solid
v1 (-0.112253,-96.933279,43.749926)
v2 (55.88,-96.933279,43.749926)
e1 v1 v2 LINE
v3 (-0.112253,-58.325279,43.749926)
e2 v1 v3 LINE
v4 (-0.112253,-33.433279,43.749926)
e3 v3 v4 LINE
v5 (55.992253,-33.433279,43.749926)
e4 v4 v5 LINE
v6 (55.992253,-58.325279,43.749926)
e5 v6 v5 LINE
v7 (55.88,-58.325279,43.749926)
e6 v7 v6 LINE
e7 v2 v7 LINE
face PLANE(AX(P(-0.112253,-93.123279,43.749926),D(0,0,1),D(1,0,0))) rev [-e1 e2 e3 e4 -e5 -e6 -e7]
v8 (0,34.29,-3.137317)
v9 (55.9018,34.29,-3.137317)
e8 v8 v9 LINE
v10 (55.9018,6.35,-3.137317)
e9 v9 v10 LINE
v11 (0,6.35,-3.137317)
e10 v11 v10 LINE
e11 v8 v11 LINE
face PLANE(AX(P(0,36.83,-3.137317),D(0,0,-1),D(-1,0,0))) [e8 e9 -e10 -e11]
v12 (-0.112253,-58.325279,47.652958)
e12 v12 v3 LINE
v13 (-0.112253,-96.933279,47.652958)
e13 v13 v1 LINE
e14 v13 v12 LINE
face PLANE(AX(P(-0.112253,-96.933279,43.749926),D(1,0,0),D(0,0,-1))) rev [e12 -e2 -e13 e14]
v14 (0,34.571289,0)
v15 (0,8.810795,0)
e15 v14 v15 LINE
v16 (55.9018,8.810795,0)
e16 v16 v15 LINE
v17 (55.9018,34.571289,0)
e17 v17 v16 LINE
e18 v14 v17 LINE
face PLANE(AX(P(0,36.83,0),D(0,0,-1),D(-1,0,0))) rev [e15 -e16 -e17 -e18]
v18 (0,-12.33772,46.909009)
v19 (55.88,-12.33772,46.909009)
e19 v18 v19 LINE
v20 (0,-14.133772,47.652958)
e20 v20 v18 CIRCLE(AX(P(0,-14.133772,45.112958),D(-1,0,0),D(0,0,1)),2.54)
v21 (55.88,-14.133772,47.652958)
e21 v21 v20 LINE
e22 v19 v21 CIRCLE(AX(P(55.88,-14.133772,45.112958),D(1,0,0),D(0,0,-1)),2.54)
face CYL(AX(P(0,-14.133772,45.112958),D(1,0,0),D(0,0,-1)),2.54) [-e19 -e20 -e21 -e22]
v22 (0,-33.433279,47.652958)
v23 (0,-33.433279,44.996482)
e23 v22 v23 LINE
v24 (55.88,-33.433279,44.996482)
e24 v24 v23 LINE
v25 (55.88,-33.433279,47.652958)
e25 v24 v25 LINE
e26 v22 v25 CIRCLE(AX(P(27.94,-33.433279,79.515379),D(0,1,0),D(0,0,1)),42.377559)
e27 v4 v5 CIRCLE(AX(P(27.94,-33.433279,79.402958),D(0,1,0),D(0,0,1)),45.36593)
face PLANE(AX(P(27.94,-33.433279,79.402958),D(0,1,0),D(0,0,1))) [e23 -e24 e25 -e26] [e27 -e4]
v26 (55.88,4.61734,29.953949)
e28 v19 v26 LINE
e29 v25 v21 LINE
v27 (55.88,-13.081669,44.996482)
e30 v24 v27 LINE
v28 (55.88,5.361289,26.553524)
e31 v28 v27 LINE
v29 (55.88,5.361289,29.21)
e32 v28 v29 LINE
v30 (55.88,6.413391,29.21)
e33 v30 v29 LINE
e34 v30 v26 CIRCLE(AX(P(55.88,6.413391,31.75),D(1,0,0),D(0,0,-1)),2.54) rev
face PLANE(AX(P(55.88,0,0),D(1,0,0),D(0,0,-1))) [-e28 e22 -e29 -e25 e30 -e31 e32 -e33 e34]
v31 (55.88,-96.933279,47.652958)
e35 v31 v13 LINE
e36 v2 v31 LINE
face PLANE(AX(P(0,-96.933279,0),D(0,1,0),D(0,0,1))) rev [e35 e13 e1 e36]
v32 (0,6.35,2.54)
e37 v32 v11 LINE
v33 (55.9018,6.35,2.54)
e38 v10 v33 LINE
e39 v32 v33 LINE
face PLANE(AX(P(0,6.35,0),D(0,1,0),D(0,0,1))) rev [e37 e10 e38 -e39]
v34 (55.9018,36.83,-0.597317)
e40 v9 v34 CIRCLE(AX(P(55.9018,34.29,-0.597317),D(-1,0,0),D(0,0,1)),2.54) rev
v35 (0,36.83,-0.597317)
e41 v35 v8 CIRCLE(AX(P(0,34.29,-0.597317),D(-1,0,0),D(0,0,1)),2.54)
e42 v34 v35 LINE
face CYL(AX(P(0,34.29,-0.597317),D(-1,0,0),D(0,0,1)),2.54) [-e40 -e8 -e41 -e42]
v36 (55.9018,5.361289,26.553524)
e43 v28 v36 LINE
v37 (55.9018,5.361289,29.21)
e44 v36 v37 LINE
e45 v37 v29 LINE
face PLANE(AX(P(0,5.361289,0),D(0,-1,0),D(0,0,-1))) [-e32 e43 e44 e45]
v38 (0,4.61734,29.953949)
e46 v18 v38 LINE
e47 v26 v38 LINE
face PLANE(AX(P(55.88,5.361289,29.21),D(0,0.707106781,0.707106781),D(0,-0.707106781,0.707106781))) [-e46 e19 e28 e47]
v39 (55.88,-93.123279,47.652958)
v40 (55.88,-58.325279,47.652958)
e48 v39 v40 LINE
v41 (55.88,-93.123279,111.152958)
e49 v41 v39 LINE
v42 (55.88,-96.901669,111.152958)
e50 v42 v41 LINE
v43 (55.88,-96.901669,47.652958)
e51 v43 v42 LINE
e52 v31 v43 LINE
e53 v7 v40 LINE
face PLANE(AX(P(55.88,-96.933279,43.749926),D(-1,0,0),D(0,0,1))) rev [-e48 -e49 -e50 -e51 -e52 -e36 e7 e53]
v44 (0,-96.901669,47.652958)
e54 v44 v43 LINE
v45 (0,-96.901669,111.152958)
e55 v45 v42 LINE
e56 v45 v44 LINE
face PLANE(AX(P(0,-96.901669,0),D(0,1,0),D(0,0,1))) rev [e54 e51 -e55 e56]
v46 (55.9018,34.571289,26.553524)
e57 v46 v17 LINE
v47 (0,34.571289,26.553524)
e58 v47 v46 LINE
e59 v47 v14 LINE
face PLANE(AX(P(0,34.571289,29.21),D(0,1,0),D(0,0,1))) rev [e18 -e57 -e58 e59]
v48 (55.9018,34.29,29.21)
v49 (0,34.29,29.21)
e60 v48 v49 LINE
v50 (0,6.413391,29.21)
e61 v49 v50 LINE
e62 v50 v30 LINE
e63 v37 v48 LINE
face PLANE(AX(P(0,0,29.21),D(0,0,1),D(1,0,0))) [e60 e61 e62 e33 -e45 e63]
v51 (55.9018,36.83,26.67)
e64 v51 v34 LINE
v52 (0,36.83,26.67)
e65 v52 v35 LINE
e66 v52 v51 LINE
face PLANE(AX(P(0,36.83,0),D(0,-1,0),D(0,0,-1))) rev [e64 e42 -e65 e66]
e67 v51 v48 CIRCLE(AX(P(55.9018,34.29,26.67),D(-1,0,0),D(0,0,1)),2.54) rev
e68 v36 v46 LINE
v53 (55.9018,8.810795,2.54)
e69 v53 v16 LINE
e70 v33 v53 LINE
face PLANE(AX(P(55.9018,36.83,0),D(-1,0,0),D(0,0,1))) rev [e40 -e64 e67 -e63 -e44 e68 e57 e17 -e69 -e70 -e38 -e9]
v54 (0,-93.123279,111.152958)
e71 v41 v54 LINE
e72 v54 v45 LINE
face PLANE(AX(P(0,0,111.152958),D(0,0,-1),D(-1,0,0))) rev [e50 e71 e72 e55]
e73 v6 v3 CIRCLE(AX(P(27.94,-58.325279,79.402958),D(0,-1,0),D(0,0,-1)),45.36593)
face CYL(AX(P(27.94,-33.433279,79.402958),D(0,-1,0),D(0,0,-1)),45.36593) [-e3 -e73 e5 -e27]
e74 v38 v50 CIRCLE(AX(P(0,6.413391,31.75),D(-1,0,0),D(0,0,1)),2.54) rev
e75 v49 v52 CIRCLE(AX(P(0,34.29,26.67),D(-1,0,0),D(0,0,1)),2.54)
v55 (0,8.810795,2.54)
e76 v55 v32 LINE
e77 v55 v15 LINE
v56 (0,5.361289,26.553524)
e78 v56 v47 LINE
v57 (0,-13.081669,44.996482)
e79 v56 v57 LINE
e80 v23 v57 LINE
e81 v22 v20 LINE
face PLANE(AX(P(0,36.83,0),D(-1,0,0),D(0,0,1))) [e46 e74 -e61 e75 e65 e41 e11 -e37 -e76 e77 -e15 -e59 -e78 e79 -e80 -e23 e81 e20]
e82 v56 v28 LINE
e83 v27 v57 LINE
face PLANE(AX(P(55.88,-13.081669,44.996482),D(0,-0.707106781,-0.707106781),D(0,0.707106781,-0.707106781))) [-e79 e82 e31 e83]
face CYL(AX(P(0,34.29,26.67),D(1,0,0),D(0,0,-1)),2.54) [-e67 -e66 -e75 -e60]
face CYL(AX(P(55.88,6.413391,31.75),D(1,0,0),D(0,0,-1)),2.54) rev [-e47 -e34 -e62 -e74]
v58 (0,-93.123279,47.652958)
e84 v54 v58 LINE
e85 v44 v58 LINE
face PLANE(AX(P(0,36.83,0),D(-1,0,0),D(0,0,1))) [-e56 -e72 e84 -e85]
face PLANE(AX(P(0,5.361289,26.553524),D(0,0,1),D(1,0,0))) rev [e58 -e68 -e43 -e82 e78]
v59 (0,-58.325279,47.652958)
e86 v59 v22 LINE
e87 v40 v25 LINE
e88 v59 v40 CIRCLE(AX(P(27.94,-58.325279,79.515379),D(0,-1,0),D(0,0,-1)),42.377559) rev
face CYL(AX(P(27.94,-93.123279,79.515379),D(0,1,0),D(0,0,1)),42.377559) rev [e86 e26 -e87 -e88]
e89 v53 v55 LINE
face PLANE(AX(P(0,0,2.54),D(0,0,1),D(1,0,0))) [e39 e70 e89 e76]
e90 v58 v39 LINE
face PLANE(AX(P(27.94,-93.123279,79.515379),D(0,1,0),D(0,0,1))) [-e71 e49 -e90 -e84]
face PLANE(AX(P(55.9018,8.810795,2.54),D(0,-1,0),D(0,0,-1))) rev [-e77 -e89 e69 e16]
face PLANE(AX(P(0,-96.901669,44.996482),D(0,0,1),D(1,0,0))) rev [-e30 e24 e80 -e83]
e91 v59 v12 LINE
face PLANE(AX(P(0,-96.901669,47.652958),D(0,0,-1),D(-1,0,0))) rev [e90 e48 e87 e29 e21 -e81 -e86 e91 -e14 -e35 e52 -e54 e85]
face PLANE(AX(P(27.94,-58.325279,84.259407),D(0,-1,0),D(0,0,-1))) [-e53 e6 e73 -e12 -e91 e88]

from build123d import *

# Parameters (mm, degrees)
SKETCH2_W            = 55.901800272
SKETCH2_H            = 3.137316852
BOSS_EXTRUDE1_DEPTH  = 36.83
SKETCH3_W            = 55.901800272
SKETCH3_H            = 2.258710987
BOSS_EXTRUDE2_DEPTH  = 29.21
SKETCH4_W            = 55.901800272
SKETCH4_H            = 2.656475696
BOSS_EXTRUDE3_DEPTH  = 29.21
BOSS_EXTRUDE4_DEPTH  = 55.88
SKETCH7_W            = 55.88
SKETCH7_H            = 2.656475696
BOSS_EXTRUDE5_DEPTH  = 83.82
SKETCH8_W            = 55.88
SKETCH8_H            = 3.77839036
BOSS_EXTRUDE6_DEPTH  = 63.5
SKETCH18_W           = 55.901800272
SKETCH18_H           = 2.413327827
BOSS_EXTRUDE9_DEPTH  = 3.81
SKETCH20_R           = 45.365929921
BOSS_EXTRUDE10_DEPTH = 59.69
CUT_EXTRUDE2_DEPTH   = 59.69
CUT_EXTRUDE4_DEPTH   = 59.69
SKETCH23_R           = 50.619817538
CUT_EXTRUDE5_DEPTH   = 34.798
SKETCH24_W           = 55.992252849
SKETCH24_H           = 3.903032237
BOSS_EXTRUDE11_DEPTH = 38.608
SKETCH25_W           = 55.901800272
SKETCH25_H           = 6.947316852
CUT_EXTRUDE6_DEPTH   = 6.35
SKETCH26_W           = 55.901800272
SKETCH26_H           = 2.460794709
BOSS_EXTRUDE12_DEPTH = 2.54
FILLET2_R            = 2.54
FILLET4_R            = 2.54
FILLET5_R            = 2.54


with BuildPart() as part:
    # Sketch2 → Boss-Extrude1 (new body)
    with BuildSketch(Plane(origin=(0, 0, 0), x_dir=(1, 0, 0), z_dir=(0, 1, 0))):
        with Locations((27.950900136, 1.568658426)):
            Rectangle(SKETCH2_W, SKETCH2_H)
    extrude(amount=BOSS_EXTRUDE1_DEPTH)

    # Sketch3 → Boss-Extrude2 (add)
    with BuildSketch(Plane.XY):
        with Locations((27.950900136, 35.700644507)):
            Rectangle(SKETCH3_W, SKETCH3_H)
    extrude(amount=BOSS_EXTRUDE2_DEPTH)

    # Sketch4 → Boss-Extrude3 (add)
    with BuildSketch(Plane.XZ.offset(-34.571289013)):
        with Locations((27.950900136, 27.881762152)):
            Rectangle(SKETCH4_W, SKETCH4_H)
    extrude(amount=BOSS_EXTRUDE3_DEPTH)

    # Sketch6 → Boss-Extrude4 (add)
    with BuildSketch(Plane.ZY):
        Polygon((29.21, 5.361289013), (29.21, 8.93281191), (29.21, 36.83), (-3.137316852, 36.83), (-3.137316852, 0), (0, 0), (0, 34.571289013), (26.553524304, 34.571289013), (26.553524304, 5.361289013), (44.996482377, -13.08166906), (47.652958073, -13.08166906), align=None)
    extrude(amount=-BOSS_EXTRUDE4_DEPTH)

    # Sketch7 → Boss-Extrude5 (add)
    with BuildSketch(Plane.XZ.offset(13.08166906)):
        with Locations((27.94, 46.324720225)):
            Rectangle(SKETCH7_W, SKETCH7_H)
    extrude(amount=BOSS_EXTRUDE5_DEPTH)

    # Sketch8 → Boss-Extrude6 (add)
    with BuildSketch(Plane.XY.offset(47.652958073)):
        with Locations((27.94, -95.01247388)):
            Rectangle(SKETCH8_W, SKETCH8_H)
    extrude(amount=BOSS_EXTRUDE6_DEPTH)

    # Sketch18 → Boss-Extrude9 (add)
    with BuildSketch(Plane.XY):
        with Locations((27.950900136, 1.206663914)):
            Rectangle(SKETCH18_W, SKETCH18_H)
    extrude(amount=BOSS_EXTRUDE9_DEPTH)

    # Sketch20 → Boss-Extrude10 (add)
    with BuildSketch(Plane(origin=(0, -93.1232787, 0), x_dir=(1, 0, 0), z_dir=(0, 1, 0))):
        with Locations((27.94, -79.402958073)):
            Circle(SKETCH20_R)
    extrude(amount=BOSS_EXTRUDE10_DEPTH)

    # Sketch21 → Cut-Extrude2 (cut)
    with BuildSketch(Plane(origin=(0, -33.4332787, 0), x_dir=(1, 0, 0), z_dir=(0, 1, 0))):
        with BuildLine():
            Line((55.88, -47.652958073), (0, -47.652958073))
            ThreePointArc((0, -47.652958073), (27.94, -121.892938161), (55.88, -47.652958073))
        make_face()
    extrude(amount=-CUT_EXTRUDE2_DEPTH, mode=Mode.SUBTRACT)

    # Sketch22 → Cut-Extrude4 (cut)
    with BuildSketch(Plane(origin=(0, -33.4332787, 0), x_dir=(1, 0, 0), z_dir=(0, 1, 0))):
        Polygon((-0.112252849, -43.749925836), (55.992252849, -43.749925836), (52.485687981, -29.879615978), (-0.112252849, -30.827478948), align=None)
    extrude(amount=-CUT_EXTRUDE4_DEPTH, mode=Mode.SUBTRACT)

    # Sketch23 → Cut-Extrude5 (cut)
    with BuildSketch(Plane.XZ.offset(93.1232787)):
        with Locations((27.94, 84.259406915)):
            Circle(SKETCH23_R)
    extrude(amount=-CUT_EXTRUDE5_DEPTH, mode=Mode.SUBTRACT)

    # Sketch24 → Boss-Extrude11 (add)
    with BuildSketch(Plane.XZ.offset(58.3252787)):
        with Locations((27.883873576, 45.701441954)):
            Rectangle(SKETCH24_W, SKETCH24_H)
    extrude(amount=BOSS_EXTRUDE11_DEPTH)

    # Sketch25 → Cut-Extrude6 (cut)
    with BuildSketch(Plane.XZ):
        with Locations((27.950900136, 0.336341574)):
            Rectangle(SKETCH25_W, SKETCH25_H)
    extrude(amount=-CUT_EXTRUDE6_DEPTH, mode=Mode.SUBTRACT)

    # Sketch26 → Boss-Extrude12 (add)
    with BuildSketch(Plane.XY):
        with Locations((27.950900136, 7.580397355)):
            Rectangle(SKETCH26_W, SKETCH26_H)
    extrude(amount=BOSS_EXTRUDE12_DEPTH)

    # Fillet2
    fillet2_edges = [part.edges().sort_by_distance(p)[0] for p in [
        (27.950900136, 36.83, -3.137316852),
        (27.950900136, 36.83, 29.21),
    ]]
    fillet(fillet2_edges, radius=FILLET2_R)

    # Fillet4
    fillet4_edges = [part.edges().sort_by_distance(p)[0] for p in [
        (27.94, 5.361289013, 29.21),
    ]]
    fillet(fillet4_edges, radius=FILLET4_R)

    # Fillet5
    fillet5_edges = [part.edges().sort_by_distance(p)[0] for p in [
        (27.94, -13.08166906, 47.652958073),
    ]]
    fillet(fillet5_edges, radius=FILLET5_R)


solid = part.part
